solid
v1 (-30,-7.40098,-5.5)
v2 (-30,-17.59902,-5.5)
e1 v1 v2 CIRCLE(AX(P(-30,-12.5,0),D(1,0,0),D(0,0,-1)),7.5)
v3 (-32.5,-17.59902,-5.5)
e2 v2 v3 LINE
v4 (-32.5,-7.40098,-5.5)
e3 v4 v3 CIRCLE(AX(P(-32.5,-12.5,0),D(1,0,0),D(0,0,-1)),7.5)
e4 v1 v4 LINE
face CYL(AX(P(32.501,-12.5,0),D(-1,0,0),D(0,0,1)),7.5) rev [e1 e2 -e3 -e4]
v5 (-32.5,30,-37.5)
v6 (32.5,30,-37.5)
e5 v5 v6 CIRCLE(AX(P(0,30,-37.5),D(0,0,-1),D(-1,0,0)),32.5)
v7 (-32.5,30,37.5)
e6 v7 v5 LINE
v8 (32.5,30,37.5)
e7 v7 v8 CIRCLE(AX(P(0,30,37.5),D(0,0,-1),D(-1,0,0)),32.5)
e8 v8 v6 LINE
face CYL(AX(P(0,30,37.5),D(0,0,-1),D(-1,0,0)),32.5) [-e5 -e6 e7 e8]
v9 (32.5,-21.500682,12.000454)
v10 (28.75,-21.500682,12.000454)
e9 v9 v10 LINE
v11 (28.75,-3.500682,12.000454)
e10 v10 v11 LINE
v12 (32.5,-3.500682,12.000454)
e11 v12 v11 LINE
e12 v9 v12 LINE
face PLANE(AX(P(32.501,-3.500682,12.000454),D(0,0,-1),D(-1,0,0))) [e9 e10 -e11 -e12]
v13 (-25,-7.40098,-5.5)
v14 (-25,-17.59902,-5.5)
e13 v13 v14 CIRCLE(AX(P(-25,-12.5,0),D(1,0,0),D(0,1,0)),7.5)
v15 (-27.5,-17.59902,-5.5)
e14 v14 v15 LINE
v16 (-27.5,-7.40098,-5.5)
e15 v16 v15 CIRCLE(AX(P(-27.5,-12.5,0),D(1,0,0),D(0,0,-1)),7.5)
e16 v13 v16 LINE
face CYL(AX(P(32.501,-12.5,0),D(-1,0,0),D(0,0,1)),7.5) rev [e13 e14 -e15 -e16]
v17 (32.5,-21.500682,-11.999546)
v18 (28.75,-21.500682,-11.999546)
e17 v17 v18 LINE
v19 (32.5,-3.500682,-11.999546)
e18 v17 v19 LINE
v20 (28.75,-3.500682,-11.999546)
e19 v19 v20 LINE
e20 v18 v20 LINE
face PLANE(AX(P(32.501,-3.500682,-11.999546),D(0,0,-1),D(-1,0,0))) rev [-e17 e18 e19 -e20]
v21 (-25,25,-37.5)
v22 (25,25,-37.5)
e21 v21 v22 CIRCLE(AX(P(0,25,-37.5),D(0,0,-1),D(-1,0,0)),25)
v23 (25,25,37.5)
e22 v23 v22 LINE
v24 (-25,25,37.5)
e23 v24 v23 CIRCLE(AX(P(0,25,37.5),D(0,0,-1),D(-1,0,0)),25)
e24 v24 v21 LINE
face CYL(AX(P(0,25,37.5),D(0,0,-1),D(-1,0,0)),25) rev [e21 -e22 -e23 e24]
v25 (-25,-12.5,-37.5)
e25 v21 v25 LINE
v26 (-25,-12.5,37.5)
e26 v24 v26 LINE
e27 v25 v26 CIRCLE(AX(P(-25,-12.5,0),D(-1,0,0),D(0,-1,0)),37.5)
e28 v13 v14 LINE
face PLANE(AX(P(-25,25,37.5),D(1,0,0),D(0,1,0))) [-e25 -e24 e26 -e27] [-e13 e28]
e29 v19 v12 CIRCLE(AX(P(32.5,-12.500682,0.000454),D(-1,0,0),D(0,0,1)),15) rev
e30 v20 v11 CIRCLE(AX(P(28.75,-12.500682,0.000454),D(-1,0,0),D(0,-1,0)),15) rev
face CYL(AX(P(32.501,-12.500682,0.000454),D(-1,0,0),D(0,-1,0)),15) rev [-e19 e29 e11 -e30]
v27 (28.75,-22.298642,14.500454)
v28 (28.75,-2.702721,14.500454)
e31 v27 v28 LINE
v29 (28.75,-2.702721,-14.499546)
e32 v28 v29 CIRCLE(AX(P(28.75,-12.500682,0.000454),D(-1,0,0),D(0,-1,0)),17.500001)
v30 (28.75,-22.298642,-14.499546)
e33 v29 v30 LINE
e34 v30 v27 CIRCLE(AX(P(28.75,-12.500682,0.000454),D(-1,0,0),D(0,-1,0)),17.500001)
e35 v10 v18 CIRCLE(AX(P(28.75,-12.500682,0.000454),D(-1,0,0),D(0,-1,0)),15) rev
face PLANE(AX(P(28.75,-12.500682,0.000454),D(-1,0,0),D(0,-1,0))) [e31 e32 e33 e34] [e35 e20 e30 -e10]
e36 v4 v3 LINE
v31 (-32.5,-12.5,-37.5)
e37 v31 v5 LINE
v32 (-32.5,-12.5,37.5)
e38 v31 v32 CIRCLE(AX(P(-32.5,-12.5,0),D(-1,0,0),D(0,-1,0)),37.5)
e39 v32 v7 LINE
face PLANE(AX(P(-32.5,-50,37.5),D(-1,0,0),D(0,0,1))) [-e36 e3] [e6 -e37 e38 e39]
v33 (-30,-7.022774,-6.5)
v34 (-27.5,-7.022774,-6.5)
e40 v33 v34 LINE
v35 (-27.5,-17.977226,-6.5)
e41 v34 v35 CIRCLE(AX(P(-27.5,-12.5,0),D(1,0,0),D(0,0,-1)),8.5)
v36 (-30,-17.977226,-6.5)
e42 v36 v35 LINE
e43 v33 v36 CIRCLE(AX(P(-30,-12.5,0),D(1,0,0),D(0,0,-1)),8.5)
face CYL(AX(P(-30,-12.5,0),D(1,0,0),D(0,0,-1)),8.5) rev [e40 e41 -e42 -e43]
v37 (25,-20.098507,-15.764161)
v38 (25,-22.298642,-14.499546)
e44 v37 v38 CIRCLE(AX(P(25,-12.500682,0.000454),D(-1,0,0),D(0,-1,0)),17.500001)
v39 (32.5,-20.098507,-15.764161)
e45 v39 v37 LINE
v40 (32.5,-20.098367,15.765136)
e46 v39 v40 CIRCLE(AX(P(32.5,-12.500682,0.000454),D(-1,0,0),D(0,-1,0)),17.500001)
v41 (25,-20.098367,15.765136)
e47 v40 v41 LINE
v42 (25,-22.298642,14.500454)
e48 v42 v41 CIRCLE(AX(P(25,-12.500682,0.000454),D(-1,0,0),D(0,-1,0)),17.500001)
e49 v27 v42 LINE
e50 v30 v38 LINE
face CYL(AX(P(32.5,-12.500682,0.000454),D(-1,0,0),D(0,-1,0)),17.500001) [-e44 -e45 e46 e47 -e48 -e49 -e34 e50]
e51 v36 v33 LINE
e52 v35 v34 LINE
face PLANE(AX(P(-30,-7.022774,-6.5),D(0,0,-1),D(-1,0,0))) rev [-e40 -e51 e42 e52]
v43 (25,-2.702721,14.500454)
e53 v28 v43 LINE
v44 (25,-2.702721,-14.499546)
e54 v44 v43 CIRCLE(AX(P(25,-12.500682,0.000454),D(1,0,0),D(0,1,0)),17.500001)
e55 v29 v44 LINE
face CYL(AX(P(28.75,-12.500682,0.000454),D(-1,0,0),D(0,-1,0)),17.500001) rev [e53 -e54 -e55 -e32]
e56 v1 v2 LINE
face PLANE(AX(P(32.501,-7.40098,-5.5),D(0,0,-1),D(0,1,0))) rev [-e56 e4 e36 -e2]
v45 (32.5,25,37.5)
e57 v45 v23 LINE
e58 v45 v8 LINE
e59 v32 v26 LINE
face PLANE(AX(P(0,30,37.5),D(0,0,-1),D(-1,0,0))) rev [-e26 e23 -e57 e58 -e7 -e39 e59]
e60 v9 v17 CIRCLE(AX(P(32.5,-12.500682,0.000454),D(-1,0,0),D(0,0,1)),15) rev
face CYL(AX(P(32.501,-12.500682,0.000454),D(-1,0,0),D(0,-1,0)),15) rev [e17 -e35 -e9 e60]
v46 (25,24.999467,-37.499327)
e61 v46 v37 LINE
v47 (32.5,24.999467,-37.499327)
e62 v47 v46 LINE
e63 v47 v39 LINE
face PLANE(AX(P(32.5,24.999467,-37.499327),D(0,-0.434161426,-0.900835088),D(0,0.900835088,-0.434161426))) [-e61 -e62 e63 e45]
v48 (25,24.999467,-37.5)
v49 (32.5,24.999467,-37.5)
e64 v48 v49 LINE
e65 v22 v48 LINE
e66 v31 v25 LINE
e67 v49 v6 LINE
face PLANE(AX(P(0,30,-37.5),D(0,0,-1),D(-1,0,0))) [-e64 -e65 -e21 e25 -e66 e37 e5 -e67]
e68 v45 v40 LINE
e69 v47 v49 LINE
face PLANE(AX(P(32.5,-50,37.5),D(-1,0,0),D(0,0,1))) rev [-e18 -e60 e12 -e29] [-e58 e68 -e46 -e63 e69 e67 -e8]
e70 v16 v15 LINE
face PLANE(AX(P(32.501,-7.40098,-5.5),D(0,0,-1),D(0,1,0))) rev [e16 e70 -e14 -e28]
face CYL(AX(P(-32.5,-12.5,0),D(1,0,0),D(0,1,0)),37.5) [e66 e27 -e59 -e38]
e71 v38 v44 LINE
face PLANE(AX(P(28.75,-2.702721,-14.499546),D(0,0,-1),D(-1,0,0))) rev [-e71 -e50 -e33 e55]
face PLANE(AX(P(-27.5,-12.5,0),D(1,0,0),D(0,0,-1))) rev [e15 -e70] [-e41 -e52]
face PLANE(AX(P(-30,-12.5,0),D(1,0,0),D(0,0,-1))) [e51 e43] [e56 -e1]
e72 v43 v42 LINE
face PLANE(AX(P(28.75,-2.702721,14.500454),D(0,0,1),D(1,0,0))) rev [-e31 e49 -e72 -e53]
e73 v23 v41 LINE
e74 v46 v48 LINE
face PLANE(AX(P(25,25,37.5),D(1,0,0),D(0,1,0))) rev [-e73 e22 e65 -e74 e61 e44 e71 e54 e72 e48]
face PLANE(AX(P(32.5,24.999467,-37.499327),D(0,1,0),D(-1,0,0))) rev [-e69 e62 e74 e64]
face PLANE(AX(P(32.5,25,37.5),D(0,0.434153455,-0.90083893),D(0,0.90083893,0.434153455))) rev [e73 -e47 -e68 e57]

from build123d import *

# Parameters (mm, degrees)
EXTRUDE_BODY_DEPTH       = 37.5
EXTRCUT_BEVELS_DEPTH     = 93.837223138
EXTRCUT_ROUNDBEVEL_DEPTH = 93.837223138
CUT_EXTRUDE13_DEPTH      = 3.75
CUT_EXTRUDE14_REACH      = 94.837
CUT_EXTRUDE15_REACH      = 99.66
CUT_EXTRUDE16_DEPTH      = 1.25


with BuildPart() as part:
    # Sketch3 → Extrude_Body (new, symmetric)
    with BuildSketch(Plane.XY):
        with BuildLine():
            Line((-25, 25), (-25, -50))
            Line((-25, -50), (-32.5, -50))
            Line((-32.5, -50), (-32.5, 30))
            ThreePointArc((-32.5, 30), (0, 62.5), (32.5, 30))
            Line((32.5, 30), (32.5, -50))
            Line((32.5, -50), (25, -50))
            Line((25, -50), (25, 25))
            ThreePointArc((25, 25), (0, 50), (-25, 25))
        make_face()
    extrude(amount=EXTRUDE_BODY_DEPTH, both=True)

    # Sketch4 → ExtrCut_Bevels (cut, through all)
    with BuildSketch(Plane.ZY.offset(-25)):
        with BuildLine():
            Line((37.5, 25), (42.5, 25))
            Line((42.5, 25), (42.5, -55.000533297))
            Line((42.5, -55.000533297), (-42.499327473, -55.000533297))
            Line((-42.499327473, -55.000533297), (-42.499327473, 24.999466703))
            Line((-42.499327473, 24.999466703), (-37.499327473, 24.999466703))
            Line((-37.499327473, 24.999466703), (-15.764161078, -20.098506949))
            ThreePointArc((-15.764161078, -20.098506949), (0.000531023, -30.000682397), (15.76513551, -20.098367466))
            Line((15.76513551, -20.098367466), (37.5, 25))
        make_face()
    extrude(amount=-EXTRCUT_BEVELS_DEPTH, mode=Mode.SUBTRACT)

    # Sketch8 → ExtrCut_RoundBevel (cut, through all)
    with BuildSketch(Plane(origin=(-25, 0, 0), x_dir=(0, 0, -1), z_dir=(1, 0, 0))):
        with BuildLine():
            Line((-37.5, -12.5), (-42.5, -12.5))
            Line((-42.5, -12.5), (-42.5, -53.627772483))
            Line((-42.5, -53.627772483), (42.5, -53.627772483))
            Line((42.5, -53.627772483), (42.5, -12.5))
            Line((42.5, -12.5), (37.5, -12.5))
            ThreePointArc((37.5, -12.5), (0, -50), (-37.5, -12.5))
        make_face()
    extrude(amount=-EXTRCUT_ROUNDBEVEL_DEPTH, mode=Mode.SUBTRACT)

    # Sketch34 → Cut-Extrude13 (cut, symmetric)
    with BuildSketch(Plane.ZY.offset(-25)):
        with BuildLine():
            Line((-14.499546396, -2.702721459), (-14.499546396, -22.298641924))
            ThreePointArc((-14.499546396, -22.298641924), (0.000453604, -30.000682398), (14.500453604, -22.298641924))
            Line((14.500453604, -22.298641924), (14.500453604, -2.702721459))
            ThreePointArc((14.500453604, -2.702721459), (0.000453604, 4.999319015), (-14.499546396, -2.702721459))
        make_face()
    extrude(amount=CUT_EXTRUDE13_DEPTH, both=True, mode=Mode.SUBTRACT)

    # Sketch35 → Cut-Extrude14 (cut, up to next)
    with BuildSketch(Plane.ZY.offset(-25), mode=Mode.PRIVATE) as cut_extrude14_sk1:
        with BuildLine():
            Line((-11.999546396, -3.500681691), (-11.999546396, -21.500681691))
            ThreePointArc((-11.999546396, -21.500681691), (0.000453604, -27.500681691), (12.000453604, -21.500681691))
            Line((12.000453604, -21.500681691), (12.000453604, -3.500681691))
            ThreePointArc((12.000453604, -3.500681691), (0.000453604, 2.499318309), (-11.999546396, -3.500681691))
        make_face()
    cut_extrude14_tool1 = extrude(cut_extrude14_sk1.sketch, amount=-CUT_EXTRUDE14_REACH, mode=Mode.PRIVATE) & part.part
    add(cut_extrude14_tool1.solids().sort_by_distance((25, -12.500682, 0.000454))[0], mode=Mode.SUBTRACT)

    # Sketch36 → Cut-Extrude15 (cut, up to next)
    with BuildSketch(Plane.ZY.offset(32.5), mode=Mode.PRIVATE) as cut_extrude15_sk1:
        with BuildLine():
            Line((-5.5, -7.400980486), (-5.5, -17.599019514))
            ThreePointArc((-5.5, -17.599019514), (7.5, -12.5), (-5.5, -7.400980486))
        make_face()
    cut_extrude15_tool1 = extrude(cut_extrude15_sk1.sketch, amount=-CUT_EXTRUDE15_REACH, mode=Mode.PRIVATE) & part.part
    add(cut_extrude15_tool1.solids().sort_by_distance((-32.5, -12.5, 0.543202))[0], mode=Mode.SUBTRACT)

    # Sketch37 → Cut-Extrude16 (cut, symmetric)
    with BuildSketch(Plane(origin=(-28.75, 0, 0), x_dir=(0, 0, -1), z_dir=(1, 0, 0))):
        with BuildLine():
            Line((6.5, -7.022774425), (6.5, -17.977225575))
            ThreePointArc((6.5, -17.977225575), (-8.5, -12.5), (6.5, -7.022774425))
        make_face()
    extrude(amount=CUT_EXTRUDE16_DEPTH, both=True, mode=Mode.SUBTRACT)


solid = part.part
